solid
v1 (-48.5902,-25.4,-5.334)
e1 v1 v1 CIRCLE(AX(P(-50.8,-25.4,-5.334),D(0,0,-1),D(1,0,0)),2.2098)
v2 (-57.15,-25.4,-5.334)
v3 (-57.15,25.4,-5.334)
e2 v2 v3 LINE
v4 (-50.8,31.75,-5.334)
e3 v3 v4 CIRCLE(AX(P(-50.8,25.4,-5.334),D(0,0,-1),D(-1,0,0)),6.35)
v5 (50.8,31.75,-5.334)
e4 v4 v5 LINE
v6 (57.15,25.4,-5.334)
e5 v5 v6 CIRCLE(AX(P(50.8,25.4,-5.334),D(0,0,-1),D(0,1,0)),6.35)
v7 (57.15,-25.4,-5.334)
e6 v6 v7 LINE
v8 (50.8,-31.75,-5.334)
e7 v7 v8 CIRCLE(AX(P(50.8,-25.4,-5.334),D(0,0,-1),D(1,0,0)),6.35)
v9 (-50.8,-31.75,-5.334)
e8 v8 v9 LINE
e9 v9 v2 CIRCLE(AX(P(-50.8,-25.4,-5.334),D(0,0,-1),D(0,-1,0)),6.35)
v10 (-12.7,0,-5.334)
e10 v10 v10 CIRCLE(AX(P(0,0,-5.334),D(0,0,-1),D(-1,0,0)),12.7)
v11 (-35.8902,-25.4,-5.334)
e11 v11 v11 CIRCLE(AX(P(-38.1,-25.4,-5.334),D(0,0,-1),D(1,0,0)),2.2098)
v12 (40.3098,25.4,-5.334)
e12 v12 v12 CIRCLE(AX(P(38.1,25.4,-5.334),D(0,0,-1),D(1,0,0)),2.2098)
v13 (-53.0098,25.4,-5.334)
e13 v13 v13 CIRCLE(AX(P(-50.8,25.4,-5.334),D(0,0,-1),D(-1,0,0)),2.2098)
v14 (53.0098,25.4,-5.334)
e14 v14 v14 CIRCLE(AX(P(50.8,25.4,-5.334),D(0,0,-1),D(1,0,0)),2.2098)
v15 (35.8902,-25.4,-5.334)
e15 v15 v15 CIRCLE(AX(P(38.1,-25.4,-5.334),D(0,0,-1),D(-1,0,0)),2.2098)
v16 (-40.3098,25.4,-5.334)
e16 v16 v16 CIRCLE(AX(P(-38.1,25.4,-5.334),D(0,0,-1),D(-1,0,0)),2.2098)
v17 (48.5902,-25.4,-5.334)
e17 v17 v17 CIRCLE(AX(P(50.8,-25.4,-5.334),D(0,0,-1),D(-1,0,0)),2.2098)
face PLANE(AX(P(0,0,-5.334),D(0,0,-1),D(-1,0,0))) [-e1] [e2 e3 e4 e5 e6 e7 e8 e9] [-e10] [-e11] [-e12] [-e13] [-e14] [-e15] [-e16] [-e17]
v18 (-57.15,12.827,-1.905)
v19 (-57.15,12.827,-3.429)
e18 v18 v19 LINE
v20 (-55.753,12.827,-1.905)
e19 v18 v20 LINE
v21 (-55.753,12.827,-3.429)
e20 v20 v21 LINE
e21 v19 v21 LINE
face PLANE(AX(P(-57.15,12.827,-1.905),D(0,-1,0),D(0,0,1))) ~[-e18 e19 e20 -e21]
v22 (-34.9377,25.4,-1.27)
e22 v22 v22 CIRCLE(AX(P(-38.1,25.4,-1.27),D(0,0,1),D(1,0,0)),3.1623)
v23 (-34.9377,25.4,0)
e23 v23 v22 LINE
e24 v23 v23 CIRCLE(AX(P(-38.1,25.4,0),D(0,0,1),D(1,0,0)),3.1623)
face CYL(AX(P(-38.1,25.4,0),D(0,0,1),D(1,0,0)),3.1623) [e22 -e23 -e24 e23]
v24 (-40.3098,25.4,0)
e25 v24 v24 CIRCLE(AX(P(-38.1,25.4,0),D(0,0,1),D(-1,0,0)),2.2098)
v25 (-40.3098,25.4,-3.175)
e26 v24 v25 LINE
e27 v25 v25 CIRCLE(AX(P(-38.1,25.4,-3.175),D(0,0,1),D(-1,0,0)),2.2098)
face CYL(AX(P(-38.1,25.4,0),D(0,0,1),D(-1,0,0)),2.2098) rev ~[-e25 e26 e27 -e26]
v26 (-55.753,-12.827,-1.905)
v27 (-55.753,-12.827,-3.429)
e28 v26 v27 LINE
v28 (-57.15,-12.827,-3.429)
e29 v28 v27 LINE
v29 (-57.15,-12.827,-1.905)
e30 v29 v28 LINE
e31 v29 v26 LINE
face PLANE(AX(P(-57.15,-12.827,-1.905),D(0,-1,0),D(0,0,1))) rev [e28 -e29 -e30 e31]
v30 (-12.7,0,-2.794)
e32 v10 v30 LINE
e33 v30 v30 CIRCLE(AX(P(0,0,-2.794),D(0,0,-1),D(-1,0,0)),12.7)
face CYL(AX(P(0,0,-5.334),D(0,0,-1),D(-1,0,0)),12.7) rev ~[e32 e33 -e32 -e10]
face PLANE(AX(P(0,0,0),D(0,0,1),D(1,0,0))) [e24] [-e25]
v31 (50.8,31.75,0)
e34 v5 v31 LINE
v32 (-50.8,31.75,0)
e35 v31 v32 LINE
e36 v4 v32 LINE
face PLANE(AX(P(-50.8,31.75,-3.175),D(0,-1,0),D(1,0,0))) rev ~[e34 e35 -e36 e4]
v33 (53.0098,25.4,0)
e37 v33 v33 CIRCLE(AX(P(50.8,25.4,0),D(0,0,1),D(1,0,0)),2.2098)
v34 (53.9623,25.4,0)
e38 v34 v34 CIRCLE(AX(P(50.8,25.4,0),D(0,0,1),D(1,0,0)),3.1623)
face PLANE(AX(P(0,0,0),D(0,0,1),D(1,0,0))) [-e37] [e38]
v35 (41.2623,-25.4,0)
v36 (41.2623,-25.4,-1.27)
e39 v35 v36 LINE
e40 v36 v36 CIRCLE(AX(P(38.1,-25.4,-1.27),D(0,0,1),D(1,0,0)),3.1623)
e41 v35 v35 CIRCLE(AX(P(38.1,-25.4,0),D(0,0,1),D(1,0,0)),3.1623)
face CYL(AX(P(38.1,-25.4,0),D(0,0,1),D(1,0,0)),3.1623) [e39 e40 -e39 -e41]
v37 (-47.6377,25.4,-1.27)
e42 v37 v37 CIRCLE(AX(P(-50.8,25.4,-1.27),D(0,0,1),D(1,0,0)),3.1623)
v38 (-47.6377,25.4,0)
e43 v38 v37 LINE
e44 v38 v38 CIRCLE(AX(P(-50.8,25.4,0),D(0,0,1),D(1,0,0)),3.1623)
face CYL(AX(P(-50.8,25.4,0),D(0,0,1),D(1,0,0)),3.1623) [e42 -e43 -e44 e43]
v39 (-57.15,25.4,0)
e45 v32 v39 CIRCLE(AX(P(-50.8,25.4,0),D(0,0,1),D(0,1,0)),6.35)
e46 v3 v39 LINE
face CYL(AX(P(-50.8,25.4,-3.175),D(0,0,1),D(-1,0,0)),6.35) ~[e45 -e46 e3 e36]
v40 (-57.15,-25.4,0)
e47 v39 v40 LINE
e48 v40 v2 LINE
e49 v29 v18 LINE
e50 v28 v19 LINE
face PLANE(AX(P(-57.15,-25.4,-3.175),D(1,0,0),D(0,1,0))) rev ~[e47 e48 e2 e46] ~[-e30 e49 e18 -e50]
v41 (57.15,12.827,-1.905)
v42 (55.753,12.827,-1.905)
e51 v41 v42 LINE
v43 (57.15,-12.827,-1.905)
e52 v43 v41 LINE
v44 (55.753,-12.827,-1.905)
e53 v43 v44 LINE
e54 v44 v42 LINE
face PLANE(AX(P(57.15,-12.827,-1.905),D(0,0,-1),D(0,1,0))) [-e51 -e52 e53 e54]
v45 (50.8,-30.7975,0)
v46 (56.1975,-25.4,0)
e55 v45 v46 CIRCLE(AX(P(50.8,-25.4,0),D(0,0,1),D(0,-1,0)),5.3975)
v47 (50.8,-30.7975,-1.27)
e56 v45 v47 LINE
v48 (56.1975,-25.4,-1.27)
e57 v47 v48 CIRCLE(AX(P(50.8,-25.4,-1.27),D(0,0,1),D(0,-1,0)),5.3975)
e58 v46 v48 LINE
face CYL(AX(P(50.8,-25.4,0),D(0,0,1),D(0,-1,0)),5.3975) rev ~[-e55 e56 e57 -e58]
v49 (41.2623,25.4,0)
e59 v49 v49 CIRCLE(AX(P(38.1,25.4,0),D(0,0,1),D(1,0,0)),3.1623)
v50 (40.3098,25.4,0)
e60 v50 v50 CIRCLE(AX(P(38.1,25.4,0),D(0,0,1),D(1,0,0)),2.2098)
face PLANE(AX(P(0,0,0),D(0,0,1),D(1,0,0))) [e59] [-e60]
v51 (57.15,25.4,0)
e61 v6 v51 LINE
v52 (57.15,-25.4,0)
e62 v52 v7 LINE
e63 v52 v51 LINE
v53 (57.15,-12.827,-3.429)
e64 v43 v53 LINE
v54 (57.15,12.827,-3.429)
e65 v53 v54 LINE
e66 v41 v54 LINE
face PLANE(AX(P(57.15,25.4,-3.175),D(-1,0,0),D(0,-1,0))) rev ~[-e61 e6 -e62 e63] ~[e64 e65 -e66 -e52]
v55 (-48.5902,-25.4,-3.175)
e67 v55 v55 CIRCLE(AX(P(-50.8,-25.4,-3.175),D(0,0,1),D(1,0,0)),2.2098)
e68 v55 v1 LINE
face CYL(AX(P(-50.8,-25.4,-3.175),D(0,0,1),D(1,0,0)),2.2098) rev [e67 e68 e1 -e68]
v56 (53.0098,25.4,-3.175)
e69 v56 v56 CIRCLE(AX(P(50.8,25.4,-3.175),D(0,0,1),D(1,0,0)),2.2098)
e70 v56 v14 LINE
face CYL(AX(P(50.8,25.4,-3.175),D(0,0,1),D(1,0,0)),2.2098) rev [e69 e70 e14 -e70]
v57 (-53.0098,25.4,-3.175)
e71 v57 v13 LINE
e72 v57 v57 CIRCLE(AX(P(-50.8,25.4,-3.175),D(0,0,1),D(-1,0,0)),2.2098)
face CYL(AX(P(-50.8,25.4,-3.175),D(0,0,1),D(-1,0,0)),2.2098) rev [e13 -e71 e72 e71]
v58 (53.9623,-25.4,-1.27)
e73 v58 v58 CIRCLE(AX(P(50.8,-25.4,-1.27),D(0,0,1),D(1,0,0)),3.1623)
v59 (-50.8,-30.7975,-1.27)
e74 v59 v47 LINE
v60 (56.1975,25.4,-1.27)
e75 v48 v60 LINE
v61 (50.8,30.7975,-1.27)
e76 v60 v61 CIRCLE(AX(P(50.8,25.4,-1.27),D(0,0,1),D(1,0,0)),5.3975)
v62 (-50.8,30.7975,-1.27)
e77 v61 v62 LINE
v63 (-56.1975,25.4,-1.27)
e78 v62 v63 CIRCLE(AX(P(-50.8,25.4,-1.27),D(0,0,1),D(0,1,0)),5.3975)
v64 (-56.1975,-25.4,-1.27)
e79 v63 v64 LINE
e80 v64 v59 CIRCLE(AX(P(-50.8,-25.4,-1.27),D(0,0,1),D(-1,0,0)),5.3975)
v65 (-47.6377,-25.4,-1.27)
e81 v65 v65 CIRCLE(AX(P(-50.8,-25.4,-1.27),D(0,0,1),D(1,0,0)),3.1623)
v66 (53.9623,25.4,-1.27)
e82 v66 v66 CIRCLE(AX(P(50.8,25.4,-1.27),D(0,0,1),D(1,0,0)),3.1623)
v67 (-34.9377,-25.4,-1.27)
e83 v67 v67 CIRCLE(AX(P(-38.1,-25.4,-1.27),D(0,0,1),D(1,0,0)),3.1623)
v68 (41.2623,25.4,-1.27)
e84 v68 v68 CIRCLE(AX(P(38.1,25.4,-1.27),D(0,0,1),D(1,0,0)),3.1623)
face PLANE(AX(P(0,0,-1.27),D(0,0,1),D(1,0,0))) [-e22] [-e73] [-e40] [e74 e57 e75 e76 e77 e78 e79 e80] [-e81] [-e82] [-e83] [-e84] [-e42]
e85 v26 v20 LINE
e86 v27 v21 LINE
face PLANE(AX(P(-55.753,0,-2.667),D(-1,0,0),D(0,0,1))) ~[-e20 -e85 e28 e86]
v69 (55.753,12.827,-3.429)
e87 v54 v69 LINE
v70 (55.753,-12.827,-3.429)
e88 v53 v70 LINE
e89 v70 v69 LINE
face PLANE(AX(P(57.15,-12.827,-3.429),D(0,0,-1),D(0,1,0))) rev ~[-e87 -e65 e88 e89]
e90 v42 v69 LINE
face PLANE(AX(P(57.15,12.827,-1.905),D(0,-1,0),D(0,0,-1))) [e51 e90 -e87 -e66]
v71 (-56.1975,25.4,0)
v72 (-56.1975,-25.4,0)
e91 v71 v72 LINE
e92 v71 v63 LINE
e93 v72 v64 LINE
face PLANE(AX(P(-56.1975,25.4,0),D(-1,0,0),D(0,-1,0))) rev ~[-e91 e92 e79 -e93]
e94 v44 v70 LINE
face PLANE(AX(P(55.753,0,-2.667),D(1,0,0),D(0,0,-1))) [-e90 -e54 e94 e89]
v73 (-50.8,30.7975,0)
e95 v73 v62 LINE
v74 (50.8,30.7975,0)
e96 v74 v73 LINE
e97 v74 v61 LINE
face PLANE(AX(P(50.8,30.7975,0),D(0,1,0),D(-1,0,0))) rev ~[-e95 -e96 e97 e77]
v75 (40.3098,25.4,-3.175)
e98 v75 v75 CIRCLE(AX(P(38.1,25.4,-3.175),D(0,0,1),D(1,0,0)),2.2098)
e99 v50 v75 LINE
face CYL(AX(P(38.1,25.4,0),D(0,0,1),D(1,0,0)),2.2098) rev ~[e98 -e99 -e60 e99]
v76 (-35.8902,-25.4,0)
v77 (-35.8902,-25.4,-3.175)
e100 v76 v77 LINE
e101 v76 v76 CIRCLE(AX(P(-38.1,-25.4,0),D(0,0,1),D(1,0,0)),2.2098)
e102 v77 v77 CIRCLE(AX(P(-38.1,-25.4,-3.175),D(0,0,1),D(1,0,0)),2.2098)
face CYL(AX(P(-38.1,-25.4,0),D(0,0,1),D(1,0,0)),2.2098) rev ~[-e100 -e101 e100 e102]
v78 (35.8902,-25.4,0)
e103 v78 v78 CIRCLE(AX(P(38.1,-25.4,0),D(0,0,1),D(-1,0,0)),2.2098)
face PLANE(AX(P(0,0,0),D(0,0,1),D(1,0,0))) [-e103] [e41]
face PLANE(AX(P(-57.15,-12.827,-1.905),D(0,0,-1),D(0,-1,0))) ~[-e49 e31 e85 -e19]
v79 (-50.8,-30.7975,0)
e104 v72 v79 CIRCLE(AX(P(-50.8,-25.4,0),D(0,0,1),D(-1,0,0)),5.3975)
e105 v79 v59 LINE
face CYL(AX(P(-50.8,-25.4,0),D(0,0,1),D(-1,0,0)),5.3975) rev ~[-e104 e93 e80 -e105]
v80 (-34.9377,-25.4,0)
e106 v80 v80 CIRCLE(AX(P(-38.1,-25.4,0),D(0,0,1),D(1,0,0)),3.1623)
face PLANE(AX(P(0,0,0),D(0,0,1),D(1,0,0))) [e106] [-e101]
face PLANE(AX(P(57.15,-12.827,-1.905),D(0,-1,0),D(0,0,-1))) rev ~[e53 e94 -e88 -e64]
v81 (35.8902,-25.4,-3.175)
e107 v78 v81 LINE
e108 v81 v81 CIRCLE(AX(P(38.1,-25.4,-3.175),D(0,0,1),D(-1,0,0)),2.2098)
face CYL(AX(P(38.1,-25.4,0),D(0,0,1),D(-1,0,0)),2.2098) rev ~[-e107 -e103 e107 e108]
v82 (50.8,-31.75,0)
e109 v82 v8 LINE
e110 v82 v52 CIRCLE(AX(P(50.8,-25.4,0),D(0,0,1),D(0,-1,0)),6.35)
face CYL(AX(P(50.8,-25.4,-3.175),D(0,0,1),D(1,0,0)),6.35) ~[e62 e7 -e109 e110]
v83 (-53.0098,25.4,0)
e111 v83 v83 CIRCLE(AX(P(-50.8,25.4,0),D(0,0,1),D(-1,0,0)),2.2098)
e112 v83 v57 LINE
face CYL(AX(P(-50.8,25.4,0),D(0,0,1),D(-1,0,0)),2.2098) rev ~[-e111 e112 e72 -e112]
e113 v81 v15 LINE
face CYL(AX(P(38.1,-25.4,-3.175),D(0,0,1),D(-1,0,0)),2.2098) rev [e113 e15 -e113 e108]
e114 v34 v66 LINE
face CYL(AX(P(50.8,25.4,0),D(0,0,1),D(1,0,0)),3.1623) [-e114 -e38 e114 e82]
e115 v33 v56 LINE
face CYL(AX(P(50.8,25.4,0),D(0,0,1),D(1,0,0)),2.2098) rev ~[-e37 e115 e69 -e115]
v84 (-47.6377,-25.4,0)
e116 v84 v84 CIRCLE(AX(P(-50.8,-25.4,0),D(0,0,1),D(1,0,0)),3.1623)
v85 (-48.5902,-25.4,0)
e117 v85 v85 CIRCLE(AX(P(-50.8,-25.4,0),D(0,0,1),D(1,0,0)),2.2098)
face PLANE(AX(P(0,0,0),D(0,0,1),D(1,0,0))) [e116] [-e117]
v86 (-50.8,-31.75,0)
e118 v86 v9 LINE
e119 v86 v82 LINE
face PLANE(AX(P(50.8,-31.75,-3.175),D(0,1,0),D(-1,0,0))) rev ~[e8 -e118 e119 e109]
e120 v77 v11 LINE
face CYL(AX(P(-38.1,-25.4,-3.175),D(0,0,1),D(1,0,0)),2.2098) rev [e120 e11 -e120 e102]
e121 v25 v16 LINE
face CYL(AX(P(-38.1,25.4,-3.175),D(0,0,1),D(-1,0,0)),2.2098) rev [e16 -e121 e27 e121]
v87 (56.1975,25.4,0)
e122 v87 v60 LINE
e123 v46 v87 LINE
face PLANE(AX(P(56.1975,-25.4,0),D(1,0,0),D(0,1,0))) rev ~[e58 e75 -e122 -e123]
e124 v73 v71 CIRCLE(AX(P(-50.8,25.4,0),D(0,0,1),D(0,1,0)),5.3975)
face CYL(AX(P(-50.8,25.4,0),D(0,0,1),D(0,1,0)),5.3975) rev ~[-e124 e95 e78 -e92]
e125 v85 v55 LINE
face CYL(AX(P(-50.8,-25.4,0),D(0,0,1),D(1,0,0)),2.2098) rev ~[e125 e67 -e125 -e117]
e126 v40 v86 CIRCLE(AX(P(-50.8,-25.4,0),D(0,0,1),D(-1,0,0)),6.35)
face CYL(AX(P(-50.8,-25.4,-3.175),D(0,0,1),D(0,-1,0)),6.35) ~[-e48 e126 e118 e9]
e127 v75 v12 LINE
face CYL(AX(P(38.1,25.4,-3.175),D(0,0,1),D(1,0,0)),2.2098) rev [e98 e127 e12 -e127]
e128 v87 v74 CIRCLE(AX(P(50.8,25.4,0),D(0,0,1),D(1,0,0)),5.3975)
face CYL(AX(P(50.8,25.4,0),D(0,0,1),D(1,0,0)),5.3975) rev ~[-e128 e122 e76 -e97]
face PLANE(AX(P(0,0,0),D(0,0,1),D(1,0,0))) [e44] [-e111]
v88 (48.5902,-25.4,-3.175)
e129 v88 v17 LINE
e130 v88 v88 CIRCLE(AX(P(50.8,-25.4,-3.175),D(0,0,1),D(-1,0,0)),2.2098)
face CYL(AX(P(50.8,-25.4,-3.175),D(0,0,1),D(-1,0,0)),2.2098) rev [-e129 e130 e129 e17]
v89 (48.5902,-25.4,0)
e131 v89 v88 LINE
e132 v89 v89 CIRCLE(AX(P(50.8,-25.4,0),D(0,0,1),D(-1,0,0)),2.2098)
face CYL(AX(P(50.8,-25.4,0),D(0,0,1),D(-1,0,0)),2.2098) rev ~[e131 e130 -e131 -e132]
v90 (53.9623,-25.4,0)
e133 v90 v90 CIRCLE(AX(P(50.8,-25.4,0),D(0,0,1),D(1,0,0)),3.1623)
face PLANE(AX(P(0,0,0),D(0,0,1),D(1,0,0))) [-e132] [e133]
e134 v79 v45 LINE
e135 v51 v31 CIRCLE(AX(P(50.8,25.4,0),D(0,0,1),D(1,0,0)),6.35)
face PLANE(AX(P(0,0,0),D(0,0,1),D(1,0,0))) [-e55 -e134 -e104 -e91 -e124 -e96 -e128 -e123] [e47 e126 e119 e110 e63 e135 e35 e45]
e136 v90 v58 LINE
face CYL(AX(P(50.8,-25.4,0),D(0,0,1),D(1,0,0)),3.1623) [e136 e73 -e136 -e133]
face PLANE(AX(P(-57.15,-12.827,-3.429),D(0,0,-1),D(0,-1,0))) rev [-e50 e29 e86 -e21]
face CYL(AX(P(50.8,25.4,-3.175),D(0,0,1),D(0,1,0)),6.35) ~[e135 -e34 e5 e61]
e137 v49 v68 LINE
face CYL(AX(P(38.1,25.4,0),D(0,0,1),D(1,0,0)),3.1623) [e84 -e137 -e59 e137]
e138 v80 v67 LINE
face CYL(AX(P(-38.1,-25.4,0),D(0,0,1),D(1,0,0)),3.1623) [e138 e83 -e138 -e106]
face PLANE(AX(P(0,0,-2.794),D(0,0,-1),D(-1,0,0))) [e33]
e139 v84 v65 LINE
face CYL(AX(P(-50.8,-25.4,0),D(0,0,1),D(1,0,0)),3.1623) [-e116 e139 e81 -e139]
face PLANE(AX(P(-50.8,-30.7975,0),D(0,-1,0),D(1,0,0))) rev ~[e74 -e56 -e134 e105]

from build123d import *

# Parameters (mm, degrees)
SKETCH1_R           = 2.2098
BOSS_EXTRUDE1_DEPTH = 3.175
SKETCH2_R           = 3.1623
CUT_EXTRUDE3_DEPTH  = 1.27
SKETCH3_R           = 2.2098
BOSS_EXTRUDE2_DEPTH = 2.159
SKETCH4_W           = 1.524
SKETCH4_H           = 25.654
CUT_EXTRUDE4_DEPTH  = 1.397
SKETCH5_R           = 12.7
CUT_EXTRUDE5_DEPTH  = 2.54


with BuildPart() as part:
    # Sketch1 → Boss-Extrude1 (new body)
    with BuildSketch(Plane.XY):
        with BuildLine():
            Line((-50.8, -31.75), (50.8, -31.75))
            ThreePointArc((50.8, -31.75), (55.290128061, -29.890128061), (57.15, -25.4))
            Line((57.15, -25.4), (57.15, 25.4))
            ThreePointArc((57.15, 25.4), (55.290128061, 29.890128061), (50.8, 31.75))
            Line((50.8, 31.75), (-50.8, 31.75))
            ThreePointArc((-50.8, 31.75), (-55.290128061, 29.890128061), (-57.15, 25.4))
            Line((-57.15, 25.4), (-57.15, -25.4))
            ThreePointArc((-57.15, -25.4), (-55.290128061, -29.890128061), (-50.8, -31.75))
        make_face()
        with Locations((-50.8, -25.4)):
            Circle(SKETCH1_R, mode=Mode.SUBTRACT)
        with Locations((-38.1, -25.4)):
            Circle(SKETCH1_R, mode=Mode.SUBTRACT)
        with Locations(Location((-50.8, 25.4, 0), (0, 0, 180))):
            Circle(SKETCH1_R, mode=Mode.SUBTRACT)
        with Locations(Location((-38.1, 25.4, 0), (0, 0, 180))):
            Circle(SKETCH1_R, mode=Mode.SUBTRACT)
        with Locations((50.8, 25.4)):
            Circle(SKETCH1_R, mode=Mode.SUBTRACT)
        with Locations((38.1, 25.4)):
            Circle(SKETCH1_R, mode=Mode.SUBTRACT)
        with Locations(Location((50.8, -25.4, 0), (0, 0, 180))):
            Circle(SKETCH1_R, mode=Mode.SUBTRACT)
        with Locations(Location((38.1, -25.4, 0), (0, 0, 180))):
            Circle(SKETCH1_R, mode=Mode.SUBTRACT)
    extrude(amount=-BOSS_EXTRUDE1_DEPTH)

    # Sketch2 → Cut-Extrude3 (cut)
    with BuildSketch(Plane.XY):
        with BuildLine():
            Line((50.8, 30.7975), (-50.8, 30.7975))
            ThreePointArc((-50.8, 30.7975), (-54.616608851, 29.216608851), (-56.1975, 25.4))
            Line((-56.1975, 25.4), (-56.1975, -25.4))
            ThreePointArc((-56.1975, -25.4), (-54.616608851, -29.216608851), (-50.8, -30.7975))
            Line((-50.8, -30.7975), (50.8, -30.7975))
            ThreePointArc((50.8, -30.7975), (54.616608851, -29.216608851), (56.1975, -25.4))
            Line((56.1975, -25.4), (56.1975, 25.4))
            ThreePointArc((56.1975, 25.4), (54.616608851, 29.216608851), (50.8, 30.7975))
        make_face()
        with Locations((38.1, 25.4)):
            Circle(SKETCH2_R, mode=Mode.SUBTRACT)
        with Locations((50.8, 25.4)):
            Circle(SKETCH2_R, mode=Mode.SUBTRACT)
        with Locations((50.8, -25.4)):
            Circle(SKETCH2_R, mode=Mode.SUBTRACT)
        with Locations((38.1, -25.4)):
            Circle(SKETCH2_R, mode=Mode.SUBTRACT)
        with Locations((-38.1, -25.4)):
            Circle(SKETCH2_R, mode=Mode.SUBTRACT)
        with Locations((-50.8, -25.4)):
            Circle(SKETCH2_R, mode=Mode.SUBTRACT)
        with Locations((-38.1, 25.4)):
            Circle(SKETCH2_R, mode=Mode.SUBTRACT)
        with Locations((-50.8, 25.4)):
            Circle(SKETCH2_R, mode=Mode.SUBTRACT)
    extrude(amount=-CUT_EXTRUDE3_DEPTH, mode=Mode.SUBTRACT)

    # Sketch3 → Boss-Extrude2 (add)
    with BuildSketch(Plane(origin=(0, 0, -3.175), x_dir=(-1, 0, 0), z_dir=(0, 0, -1))):
        with BuildLine():
            Line((-57.15, 25.4), (-57.15, -25.4))
            ThreePointArc((-57.15, -25.4), (-55.290128061, -29.890128061), (-50.8, -31.75))
            Line((-50.8, -31.75), (50.8, -31.75))
            ThreePointArc((50.8, -31.75), (55.290128061, -29.890128061), (57.15, -25.4))
            Line((57.15, -25.4), (57.15, 25.4))
            ThreePointArc((57.15, 25.4), (55.290128061, 29.890128061), (50.8, 31.75))
            Line((50.8, 31.75), (-50.8, 31.75))
            ThreePointArc((-50.8, 31.75), (-55.290128061, 29.890128061), (-57.15, 25.4))
        make_face()
        with Locations((-50.8, -25.4)):
            Circle(SKETCH3_R, mode=Mode.SUBTRACT)
        with Locations((-38.1, -25.4)):
            Circle(SKETCH3_R, mode=Mode.SUBTRACT)
        with Locations(Location((38.1, -25.4, 0), (0, 0, 180))):
            Circle(SKETCH3_R, mode=Mode.SUBTRACT)
        with Locations(Location((50.8, -25.4, 0), (0, 0, 180))):
            Circle(SKETCH3_R, mode=Mode.SUBTRACT)
        with Locations((50.8, 25.4)):
            Circle(SKETCH3_R, mode=Mode.SUBTRACT)
        with Locations((38.1, 25.4)):
            Circle(SKETCH3_R, mode=Mode.SUBTRACT)
        with Locations(Location((-38.1, 25.4, 0), (0, 0, 180))):
            Circle(SKETCH3_R, mode=Mode.SUBTRACT)
        with Locations(Location((-50.8, 25.4, 0), (0, 0, 180))):
            Circle(SKETCH3_R, mode=Mode.SUBTRACT)
    extrude(amount=BOSS_EXTRUDE2_DEPTH)

    # Sketch4 → Cut-Extrude4 (cut)
    with BuildSketch(Plane(origin=(57.15, 0, 0), x_dir=(0, 0, -1), z_dir=(1, 0, 0))):
        with Locations((2.667, 0)):
            Rectangle(SKETCH4_W, SKETCH4_H)
    cut_extrude4 = extrude(amount=-CUT_EXTRUDE4_DEPTH, mode=Mode.SUBTRACT)

    # Mirror1: Cut-Extrude4 across plane
    add(cut_extrude4.mirror(Plane(origin=(0, 0, 0), x_dir=(0, 0, 1), z_dir=(1, 0, 0))), mode=Mode.SUBTRACT)

    # Sketch5 → Cut-Extrude5 (cut)
    with BuildSketch(Plane(origin=(0, 0, -5.334), x_dir=(-1, 0, 0), z_dir=(0, 0, -1))):
        Circle(SKETCH5_R)
    extrude(amount=-CUT_EXTRUDE5_DEPTH, mode=Mode.SUBTRACT)


solid = part.part
